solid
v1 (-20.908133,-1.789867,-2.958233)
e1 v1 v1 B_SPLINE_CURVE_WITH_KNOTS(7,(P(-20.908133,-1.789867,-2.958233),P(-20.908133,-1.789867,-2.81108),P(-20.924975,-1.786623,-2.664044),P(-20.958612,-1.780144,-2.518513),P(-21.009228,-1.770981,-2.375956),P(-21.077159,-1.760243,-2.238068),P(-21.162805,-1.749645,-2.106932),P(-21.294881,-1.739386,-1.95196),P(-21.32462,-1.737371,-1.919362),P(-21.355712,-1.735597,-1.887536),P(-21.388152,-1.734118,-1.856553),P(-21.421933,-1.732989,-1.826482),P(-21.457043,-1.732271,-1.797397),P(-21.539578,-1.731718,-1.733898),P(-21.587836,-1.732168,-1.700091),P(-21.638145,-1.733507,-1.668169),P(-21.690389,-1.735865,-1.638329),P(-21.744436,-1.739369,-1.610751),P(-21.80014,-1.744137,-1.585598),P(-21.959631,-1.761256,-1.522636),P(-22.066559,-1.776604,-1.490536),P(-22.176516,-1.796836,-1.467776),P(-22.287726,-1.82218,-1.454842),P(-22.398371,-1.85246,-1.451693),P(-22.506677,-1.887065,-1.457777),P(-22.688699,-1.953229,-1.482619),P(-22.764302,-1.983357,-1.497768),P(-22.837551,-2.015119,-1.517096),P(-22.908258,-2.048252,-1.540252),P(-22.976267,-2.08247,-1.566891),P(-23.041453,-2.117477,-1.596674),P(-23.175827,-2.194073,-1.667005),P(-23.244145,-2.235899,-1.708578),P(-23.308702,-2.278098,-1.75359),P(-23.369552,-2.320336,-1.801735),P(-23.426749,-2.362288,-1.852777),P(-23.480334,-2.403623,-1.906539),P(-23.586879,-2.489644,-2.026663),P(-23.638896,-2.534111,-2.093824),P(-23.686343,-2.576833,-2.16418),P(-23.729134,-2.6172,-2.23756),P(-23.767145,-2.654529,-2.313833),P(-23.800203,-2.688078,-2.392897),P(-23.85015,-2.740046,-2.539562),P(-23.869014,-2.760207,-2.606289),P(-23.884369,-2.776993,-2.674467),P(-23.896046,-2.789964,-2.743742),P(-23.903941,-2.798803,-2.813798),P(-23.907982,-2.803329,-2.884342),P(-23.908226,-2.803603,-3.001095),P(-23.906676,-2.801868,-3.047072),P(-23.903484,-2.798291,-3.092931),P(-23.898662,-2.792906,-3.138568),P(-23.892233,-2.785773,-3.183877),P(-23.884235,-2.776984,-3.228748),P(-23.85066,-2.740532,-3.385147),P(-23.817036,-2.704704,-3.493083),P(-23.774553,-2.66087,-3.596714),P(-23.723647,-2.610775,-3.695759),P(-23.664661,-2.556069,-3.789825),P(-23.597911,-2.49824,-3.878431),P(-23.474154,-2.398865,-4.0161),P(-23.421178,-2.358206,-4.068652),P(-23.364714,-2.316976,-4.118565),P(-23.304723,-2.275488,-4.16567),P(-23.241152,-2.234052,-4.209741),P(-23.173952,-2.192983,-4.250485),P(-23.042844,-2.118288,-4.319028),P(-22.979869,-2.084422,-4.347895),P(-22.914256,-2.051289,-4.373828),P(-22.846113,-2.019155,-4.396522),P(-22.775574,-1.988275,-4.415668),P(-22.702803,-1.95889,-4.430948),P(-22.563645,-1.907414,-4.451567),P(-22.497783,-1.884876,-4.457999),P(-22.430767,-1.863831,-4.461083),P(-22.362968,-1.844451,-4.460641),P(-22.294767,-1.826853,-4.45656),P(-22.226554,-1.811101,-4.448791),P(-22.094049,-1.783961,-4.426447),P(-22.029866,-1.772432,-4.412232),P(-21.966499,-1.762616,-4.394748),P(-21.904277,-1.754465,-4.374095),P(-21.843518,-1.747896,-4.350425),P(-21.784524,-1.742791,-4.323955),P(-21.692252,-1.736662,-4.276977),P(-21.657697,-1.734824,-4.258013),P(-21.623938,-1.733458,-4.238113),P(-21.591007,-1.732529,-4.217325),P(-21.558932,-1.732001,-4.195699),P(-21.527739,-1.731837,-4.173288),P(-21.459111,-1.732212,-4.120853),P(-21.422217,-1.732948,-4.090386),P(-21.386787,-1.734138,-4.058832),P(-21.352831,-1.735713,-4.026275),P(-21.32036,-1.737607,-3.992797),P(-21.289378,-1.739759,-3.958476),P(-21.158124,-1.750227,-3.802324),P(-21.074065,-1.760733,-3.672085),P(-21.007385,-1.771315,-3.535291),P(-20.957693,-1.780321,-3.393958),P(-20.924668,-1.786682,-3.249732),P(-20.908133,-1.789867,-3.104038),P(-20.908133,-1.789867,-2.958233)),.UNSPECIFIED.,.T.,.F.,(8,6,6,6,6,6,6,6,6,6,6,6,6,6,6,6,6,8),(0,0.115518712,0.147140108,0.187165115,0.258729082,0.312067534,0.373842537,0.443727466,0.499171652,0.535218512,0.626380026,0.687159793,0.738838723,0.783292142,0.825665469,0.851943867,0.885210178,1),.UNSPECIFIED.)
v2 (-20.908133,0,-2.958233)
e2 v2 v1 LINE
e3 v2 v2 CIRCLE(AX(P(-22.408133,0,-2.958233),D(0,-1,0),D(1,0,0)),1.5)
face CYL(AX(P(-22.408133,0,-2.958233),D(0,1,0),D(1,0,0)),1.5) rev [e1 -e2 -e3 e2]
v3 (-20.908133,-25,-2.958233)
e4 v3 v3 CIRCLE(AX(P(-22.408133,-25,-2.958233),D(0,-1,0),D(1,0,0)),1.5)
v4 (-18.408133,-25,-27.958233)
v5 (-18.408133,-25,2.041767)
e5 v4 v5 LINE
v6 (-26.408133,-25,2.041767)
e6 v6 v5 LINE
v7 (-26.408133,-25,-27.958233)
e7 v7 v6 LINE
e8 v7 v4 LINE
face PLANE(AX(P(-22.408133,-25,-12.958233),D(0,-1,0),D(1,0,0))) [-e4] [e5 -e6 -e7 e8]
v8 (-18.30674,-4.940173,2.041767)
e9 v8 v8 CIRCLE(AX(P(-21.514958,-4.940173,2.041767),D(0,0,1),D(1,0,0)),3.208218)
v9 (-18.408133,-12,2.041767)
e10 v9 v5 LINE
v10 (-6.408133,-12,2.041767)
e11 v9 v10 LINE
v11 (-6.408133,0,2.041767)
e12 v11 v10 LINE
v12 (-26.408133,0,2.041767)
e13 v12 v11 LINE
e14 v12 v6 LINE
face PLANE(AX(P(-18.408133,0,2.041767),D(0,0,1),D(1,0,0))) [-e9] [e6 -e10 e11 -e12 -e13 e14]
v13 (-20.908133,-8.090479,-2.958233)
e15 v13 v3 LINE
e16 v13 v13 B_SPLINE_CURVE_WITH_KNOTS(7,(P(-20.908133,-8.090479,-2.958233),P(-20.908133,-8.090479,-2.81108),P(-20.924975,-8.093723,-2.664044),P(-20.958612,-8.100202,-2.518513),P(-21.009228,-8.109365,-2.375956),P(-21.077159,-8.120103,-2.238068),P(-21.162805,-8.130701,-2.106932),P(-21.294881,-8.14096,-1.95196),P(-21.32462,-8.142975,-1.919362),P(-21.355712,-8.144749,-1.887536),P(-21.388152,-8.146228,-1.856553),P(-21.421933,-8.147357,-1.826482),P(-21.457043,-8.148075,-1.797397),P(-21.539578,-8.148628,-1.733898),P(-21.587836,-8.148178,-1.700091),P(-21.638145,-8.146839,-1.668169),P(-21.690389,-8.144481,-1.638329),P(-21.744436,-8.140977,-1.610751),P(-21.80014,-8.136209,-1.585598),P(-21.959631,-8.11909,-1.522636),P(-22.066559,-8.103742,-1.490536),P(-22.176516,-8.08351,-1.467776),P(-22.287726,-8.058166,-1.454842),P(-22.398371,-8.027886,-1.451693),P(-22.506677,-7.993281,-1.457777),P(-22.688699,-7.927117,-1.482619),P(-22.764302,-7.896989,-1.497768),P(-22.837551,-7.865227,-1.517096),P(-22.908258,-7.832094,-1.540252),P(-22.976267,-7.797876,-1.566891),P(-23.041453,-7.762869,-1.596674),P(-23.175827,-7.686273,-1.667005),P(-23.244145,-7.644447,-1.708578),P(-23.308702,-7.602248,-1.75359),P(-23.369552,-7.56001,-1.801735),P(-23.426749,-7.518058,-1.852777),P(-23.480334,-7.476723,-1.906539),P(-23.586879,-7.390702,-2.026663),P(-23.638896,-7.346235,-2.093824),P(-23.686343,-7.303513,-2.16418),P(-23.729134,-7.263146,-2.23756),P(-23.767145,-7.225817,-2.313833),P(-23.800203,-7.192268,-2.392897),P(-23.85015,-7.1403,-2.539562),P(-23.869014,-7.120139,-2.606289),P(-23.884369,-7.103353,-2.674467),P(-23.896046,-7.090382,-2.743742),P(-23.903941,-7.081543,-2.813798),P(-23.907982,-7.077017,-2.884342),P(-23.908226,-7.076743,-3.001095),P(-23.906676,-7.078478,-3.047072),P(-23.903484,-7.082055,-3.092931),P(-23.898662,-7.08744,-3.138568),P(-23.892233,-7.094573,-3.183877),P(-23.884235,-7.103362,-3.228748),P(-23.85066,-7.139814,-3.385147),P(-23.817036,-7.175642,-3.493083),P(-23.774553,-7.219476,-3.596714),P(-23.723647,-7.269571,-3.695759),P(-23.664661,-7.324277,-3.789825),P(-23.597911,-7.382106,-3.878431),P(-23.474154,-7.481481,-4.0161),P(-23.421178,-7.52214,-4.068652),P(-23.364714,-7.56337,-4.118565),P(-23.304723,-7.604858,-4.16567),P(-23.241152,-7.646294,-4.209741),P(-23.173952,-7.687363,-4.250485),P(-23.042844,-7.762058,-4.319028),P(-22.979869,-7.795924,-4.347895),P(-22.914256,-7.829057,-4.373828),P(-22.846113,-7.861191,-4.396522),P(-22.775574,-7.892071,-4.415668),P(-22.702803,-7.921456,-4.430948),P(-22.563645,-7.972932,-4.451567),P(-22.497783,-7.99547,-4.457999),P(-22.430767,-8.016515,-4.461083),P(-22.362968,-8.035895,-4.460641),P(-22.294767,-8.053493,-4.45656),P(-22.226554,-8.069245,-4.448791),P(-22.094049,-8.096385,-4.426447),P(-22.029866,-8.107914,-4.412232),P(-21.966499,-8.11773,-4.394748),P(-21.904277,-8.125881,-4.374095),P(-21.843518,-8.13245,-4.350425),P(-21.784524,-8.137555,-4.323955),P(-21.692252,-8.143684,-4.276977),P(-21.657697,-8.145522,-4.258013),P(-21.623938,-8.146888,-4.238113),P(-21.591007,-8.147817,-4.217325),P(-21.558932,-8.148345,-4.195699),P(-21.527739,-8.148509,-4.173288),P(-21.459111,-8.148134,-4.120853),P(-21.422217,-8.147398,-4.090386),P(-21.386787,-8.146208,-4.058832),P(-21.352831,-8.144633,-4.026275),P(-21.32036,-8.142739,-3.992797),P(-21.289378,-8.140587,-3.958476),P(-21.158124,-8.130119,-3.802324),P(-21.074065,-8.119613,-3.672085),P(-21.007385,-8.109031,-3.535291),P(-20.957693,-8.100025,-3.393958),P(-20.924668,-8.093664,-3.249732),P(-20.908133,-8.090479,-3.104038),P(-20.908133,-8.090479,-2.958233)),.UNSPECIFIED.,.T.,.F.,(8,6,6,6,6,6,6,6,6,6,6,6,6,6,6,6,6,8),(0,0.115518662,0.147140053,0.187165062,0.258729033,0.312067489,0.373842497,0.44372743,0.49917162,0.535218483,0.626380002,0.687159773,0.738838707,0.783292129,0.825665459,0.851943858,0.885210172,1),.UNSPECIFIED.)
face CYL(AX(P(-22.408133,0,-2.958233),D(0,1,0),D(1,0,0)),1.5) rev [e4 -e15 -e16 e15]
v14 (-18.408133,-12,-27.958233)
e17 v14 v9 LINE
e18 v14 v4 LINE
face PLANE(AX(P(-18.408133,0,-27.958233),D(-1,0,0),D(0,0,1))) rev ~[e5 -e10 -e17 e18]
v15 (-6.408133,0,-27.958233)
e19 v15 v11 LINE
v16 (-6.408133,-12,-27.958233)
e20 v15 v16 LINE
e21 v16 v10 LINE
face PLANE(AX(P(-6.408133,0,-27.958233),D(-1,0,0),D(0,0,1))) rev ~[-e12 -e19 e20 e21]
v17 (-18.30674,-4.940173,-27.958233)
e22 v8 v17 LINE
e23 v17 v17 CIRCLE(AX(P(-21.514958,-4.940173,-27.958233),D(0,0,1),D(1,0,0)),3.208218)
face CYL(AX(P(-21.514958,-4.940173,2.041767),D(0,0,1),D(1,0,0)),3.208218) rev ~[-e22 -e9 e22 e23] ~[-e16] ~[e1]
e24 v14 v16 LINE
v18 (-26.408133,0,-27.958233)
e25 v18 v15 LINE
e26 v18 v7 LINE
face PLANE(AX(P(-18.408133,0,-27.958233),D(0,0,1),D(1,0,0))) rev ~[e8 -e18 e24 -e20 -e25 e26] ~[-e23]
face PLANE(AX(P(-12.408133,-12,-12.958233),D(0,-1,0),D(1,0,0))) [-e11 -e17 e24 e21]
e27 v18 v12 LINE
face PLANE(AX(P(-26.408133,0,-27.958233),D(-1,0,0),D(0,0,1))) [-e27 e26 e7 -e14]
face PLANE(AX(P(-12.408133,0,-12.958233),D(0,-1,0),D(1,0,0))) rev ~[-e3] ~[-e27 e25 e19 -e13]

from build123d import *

# Parameters (mm, degrees)
F0_W     = 8
F0_H     = 30
F0_R     = 1.5
F1_DEPTH = 25
F0_W_2   = 12
F2_DEPTH = 12
F3_R     = 3.208218
F4_DEPTH = 333


with BuildPart() as f1:
    # F0 (on Front) → F1 (new body)
    with BuildSketch(Plane.XZ):
        with Locations((-22.408133, -12.958233)):
            Rectangle(F0_W, F0_H)
        with Locations((-22.408133, -2.958233)):
            Circle(F0_R, mode=Mode.SUBTRACT)
    extrude(amount=F1_DEPTH)

    # F0 (on Front) → F2 (join)
    with BuildSketch(Plane.XZ):
        with Locations((-12.408133, -12.958233)):
            Rectangle(F0_W_2, F0_H)
    extrude(amount=F2_DEPTH)

    # F3 (on face) → F4 (cut)
    with BuildSketch(Plane.XY.offset(2.041767)):
        with Locations((-21.514958, -4.940173)):
            Circle(F3_R)
    extrude(amount=-F4_DEPTH, mode=Mode.SUBTRACT)


solid = f1.part
